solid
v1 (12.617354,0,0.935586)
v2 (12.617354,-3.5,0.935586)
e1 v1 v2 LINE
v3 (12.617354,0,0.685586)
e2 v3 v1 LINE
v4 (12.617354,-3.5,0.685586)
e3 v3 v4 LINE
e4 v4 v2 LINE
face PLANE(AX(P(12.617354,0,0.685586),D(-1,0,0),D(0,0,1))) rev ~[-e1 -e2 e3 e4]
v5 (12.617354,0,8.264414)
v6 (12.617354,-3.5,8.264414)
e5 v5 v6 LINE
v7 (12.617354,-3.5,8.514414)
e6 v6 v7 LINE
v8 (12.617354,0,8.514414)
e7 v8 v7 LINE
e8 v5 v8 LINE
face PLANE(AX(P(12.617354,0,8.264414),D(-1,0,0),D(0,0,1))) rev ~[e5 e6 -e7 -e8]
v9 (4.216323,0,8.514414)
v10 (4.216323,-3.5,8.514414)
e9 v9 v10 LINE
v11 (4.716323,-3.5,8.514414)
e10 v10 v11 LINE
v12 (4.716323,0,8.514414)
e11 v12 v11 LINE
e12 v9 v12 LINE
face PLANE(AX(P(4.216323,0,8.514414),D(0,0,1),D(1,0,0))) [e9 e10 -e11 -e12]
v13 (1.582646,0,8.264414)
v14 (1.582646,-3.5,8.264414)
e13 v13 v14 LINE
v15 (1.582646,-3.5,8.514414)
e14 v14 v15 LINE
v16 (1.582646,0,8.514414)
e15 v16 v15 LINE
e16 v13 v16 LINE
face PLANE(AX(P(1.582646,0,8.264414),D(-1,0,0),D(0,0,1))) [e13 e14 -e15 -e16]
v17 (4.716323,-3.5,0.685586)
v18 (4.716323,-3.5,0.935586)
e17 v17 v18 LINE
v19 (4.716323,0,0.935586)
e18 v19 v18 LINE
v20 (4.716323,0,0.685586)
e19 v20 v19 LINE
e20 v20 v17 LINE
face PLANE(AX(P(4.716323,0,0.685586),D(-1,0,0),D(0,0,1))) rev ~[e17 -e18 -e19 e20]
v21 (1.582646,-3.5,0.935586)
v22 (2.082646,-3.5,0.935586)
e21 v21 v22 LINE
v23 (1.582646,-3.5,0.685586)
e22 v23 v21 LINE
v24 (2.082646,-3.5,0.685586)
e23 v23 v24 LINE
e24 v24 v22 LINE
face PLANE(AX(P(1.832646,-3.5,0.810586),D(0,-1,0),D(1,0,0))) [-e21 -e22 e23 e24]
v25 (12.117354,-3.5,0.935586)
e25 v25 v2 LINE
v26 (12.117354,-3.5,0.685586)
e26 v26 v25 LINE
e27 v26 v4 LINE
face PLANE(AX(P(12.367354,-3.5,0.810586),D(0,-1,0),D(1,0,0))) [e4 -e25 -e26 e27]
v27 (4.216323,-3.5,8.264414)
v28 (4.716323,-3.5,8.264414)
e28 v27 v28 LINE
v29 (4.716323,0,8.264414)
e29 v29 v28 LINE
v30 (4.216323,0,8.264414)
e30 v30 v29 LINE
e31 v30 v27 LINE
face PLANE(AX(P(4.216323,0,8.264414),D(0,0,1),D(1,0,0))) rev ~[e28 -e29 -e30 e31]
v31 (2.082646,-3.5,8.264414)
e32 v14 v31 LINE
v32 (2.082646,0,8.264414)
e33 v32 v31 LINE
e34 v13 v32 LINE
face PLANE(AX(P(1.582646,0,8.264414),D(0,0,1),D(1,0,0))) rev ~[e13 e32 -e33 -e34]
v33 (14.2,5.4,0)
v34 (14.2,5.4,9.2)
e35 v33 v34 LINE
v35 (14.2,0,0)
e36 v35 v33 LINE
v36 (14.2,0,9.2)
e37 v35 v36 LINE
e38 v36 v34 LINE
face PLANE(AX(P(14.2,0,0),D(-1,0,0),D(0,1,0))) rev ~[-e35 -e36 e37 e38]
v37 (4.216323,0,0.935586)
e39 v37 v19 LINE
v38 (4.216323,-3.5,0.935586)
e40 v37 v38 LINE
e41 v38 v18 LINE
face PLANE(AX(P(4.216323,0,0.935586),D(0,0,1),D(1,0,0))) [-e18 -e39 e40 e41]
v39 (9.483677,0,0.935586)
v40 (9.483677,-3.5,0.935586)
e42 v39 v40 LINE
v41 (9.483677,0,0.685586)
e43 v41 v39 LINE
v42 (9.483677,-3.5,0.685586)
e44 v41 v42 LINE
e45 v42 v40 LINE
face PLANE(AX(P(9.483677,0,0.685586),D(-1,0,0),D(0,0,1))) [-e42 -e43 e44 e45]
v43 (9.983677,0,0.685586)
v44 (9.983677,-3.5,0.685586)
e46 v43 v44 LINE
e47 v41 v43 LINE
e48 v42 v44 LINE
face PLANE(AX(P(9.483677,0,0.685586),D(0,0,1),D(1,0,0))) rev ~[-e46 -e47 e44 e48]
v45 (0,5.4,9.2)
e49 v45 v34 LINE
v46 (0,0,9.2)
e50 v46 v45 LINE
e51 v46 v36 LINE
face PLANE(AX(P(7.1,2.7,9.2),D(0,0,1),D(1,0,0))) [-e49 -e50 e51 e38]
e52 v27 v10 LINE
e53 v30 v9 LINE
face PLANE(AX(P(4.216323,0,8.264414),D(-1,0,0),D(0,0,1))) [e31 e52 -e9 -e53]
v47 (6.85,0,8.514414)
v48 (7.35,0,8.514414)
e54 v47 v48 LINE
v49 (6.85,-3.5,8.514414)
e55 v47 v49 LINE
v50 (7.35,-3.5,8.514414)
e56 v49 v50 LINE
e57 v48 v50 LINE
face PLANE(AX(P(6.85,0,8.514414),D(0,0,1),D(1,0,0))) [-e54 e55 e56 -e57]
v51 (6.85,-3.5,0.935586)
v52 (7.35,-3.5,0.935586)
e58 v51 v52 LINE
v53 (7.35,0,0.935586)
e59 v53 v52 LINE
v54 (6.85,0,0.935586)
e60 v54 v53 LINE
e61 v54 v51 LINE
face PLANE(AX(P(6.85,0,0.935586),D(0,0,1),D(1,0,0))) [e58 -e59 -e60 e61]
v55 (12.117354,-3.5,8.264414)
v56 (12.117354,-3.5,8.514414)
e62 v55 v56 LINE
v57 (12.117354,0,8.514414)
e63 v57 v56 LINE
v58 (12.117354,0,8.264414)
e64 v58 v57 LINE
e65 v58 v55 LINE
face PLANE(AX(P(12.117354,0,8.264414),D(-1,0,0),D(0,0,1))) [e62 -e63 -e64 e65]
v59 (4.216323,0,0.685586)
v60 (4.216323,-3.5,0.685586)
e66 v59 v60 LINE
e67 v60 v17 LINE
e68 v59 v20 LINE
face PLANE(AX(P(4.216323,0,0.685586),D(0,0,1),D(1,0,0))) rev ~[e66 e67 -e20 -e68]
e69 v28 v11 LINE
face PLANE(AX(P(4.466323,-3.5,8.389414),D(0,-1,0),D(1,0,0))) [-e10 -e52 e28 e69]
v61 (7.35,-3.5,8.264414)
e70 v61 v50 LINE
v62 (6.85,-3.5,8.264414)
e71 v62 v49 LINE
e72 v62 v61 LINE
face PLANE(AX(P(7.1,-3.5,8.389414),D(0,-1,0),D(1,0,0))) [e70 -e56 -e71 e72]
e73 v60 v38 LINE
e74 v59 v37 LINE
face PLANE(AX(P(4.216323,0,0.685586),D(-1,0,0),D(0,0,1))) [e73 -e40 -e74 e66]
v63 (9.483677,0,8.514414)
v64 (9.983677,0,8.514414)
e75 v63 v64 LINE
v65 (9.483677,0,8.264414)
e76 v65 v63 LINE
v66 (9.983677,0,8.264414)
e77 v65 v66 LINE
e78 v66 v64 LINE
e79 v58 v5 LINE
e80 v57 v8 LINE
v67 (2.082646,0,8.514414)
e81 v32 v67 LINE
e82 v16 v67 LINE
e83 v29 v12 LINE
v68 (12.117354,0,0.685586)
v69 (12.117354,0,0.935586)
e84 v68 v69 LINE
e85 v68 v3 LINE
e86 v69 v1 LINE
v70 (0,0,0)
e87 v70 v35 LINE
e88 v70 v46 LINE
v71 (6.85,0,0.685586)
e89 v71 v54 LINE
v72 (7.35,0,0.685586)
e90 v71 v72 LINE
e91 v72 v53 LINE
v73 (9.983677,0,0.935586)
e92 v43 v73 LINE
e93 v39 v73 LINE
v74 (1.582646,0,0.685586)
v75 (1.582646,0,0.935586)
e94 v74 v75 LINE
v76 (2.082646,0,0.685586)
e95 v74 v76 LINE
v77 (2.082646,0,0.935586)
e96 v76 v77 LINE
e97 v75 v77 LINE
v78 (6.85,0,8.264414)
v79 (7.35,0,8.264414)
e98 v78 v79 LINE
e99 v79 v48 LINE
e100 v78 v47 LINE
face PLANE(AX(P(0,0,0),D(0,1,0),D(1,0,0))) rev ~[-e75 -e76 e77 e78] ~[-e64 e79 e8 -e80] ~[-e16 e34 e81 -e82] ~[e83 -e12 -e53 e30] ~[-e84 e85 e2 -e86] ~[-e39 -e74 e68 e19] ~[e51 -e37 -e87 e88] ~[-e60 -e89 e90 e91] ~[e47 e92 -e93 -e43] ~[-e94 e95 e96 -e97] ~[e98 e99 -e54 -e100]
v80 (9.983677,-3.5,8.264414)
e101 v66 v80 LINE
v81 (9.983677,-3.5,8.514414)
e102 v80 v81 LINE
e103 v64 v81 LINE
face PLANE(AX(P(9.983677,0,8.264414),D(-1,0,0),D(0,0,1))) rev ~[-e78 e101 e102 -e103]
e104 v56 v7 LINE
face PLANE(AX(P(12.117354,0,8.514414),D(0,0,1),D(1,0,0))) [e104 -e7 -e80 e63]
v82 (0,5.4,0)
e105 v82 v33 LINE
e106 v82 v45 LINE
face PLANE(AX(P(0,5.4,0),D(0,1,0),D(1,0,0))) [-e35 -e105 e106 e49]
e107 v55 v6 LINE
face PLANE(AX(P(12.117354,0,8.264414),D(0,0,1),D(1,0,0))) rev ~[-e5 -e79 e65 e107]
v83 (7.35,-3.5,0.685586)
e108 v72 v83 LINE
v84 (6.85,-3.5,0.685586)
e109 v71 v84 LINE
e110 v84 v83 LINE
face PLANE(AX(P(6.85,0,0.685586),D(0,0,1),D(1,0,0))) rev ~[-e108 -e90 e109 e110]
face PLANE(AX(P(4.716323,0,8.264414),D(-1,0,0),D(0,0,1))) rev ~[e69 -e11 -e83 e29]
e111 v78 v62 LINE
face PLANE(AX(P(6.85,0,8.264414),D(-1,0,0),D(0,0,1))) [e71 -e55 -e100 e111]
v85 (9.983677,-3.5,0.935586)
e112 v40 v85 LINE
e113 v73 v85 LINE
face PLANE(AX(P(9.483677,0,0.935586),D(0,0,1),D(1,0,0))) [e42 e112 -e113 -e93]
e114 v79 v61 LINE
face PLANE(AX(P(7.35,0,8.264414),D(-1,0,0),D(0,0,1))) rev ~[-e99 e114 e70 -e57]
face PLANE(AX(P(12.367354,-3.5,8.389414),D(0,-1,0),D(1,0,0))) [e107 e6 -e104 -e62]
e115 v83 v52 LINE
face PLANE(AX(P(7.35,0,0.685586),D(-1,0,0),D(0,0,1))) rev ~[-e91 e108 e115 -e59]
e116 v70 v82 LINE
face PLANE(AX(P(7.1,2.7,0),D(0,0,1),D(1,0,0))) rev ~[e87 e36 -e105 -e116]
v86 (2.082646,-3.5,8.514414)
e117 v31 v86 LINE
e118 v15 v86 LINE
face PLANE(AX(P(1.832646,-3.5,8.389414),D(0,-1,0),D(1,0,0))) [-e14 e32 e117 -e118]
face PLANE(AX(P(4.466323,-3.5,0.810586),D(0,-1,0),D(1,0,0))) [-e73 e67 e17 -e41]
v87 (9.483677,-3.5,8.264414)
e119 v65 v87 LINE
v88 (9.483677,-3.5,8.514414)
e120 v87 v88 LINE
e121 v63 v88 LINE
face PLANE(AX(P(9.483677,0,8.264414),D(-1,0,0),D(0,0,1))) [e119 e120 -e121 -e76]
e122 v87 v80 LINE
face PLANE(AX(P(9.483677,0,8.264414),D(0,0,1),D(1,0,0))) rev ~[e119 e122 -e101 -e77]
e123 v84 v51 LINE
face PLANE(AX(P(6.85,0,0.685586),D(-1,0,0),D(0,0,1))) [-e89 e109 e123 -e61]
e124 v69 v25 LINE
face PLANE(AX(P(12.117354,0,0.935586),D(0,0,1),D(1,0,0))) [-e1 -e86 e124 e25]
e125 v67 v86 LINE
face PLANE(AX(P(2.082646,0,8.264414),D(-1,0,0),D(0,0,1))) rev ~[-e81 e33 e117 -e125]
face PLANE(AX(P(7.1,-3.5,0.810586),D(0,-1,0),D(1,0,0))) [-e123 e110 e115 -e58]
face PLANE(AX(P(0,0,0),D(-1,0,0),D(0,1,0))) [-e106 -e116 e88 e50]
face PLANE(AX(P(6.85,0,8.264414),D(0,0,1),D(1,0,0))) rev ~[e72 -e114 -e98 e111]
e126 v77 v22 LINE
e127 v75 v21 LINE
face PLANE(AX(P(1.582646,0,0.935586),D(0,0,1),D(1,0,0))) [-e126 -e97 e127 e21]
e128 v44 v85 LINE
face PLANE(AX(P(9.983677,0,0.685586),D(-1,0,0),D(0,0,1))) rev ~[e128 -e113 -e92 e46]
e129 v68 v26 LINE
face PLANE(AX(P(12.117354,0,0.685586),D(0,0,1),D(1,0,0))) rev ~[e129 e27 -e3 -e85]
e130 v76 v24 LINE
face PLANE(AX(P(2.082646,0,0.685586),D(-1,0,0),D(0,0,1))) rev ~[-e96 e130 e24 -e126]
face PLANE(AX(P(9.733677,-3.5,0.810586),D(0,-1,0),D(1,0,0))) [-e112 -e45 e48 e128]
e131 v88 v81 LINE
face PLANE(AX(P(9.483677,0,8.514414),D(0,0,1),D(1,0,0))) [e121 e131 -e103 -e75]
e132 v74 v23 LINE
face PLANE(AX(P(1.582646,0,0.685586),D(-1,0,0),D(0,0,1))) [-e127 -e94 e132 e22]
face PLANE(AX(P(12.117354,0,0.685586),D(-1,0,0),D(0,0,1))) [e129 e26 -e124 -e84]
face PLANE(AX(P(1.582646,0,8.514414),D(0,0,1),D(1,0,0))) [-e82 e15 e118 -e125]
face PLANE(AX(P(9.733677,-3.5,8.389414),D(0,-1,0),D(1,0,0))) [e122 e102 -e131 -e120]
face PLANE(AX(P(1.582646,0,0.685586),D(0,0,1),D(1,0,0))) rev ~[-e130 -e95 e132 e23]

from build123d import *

# Parameters (mm, degrees)
SKETCH1_W           = 14.2
SKETCH1_H           = 5.4
BOSS_EXTRUDE1_DEPTH = 9.2
SKETCH2_W           = 0.5
SKETCH2_H           = 0.25
BOSS_EXTRUDE2_DEPTH = 3.5


with BuildPart() as part:
    # Sketch1 → Boss-Extrude1 (new body)
    with BuildSketch(Plane.XY):
        with Locations((7.1, 2.7)):
            Rectangle(SKETCH1_W, SKETCH1_H)
    extrude(amount=BOSS_EXTRUDE1_DEPTH)

    # Sketch2 → Boss-Extrude2 (add)
    with BuildSketch(Plane.XZ):
        with Locations((1.832645657, 8.389413507)):
            Rectangle(SKETCH2_W, SKETCH2_H)
        with Locations((4.466322828, 8.389413507)):
            Rectangle(SKETCH2_W, SKETCH2_H)
        with Locations((7.1, 8.389413507)):
            Rectangle(SKETCH2_W, SKETCH2_H)
        with Locations((9.733677172, 8.389413507)):
            Rectangle(SKETCH2_W, SKETCH2_H)
        with Locations((12.367354343, 8.389413507)):
            Rectangle(SKETCH2_W, SKETCH2_H)
        with Locations((4.466322828, 0.810586493)):
            Rectangle(SKETCH2_W, SKETCH2_H)
        with Locations((7.1, 0.810586493)):
            Rectangle(SKETCH2_W, SKETCH2_H)
        with Locations((9.733677172, 0.810586493)):
            Rectangle(SKETCH2_W, SKETCH2_H)
        with Locations((12.367354343, 0.810586493)):
            Rectangle(SKETCH2_W, SKETCH2_H)
        with Locations((1.832645657, 0.810586493)):
            Rectangle(SKETCH2_W, SKETCH2_H)
    extrude(amount=BOSS_EXTRUDE2_DEPTH)


solid = part.part
